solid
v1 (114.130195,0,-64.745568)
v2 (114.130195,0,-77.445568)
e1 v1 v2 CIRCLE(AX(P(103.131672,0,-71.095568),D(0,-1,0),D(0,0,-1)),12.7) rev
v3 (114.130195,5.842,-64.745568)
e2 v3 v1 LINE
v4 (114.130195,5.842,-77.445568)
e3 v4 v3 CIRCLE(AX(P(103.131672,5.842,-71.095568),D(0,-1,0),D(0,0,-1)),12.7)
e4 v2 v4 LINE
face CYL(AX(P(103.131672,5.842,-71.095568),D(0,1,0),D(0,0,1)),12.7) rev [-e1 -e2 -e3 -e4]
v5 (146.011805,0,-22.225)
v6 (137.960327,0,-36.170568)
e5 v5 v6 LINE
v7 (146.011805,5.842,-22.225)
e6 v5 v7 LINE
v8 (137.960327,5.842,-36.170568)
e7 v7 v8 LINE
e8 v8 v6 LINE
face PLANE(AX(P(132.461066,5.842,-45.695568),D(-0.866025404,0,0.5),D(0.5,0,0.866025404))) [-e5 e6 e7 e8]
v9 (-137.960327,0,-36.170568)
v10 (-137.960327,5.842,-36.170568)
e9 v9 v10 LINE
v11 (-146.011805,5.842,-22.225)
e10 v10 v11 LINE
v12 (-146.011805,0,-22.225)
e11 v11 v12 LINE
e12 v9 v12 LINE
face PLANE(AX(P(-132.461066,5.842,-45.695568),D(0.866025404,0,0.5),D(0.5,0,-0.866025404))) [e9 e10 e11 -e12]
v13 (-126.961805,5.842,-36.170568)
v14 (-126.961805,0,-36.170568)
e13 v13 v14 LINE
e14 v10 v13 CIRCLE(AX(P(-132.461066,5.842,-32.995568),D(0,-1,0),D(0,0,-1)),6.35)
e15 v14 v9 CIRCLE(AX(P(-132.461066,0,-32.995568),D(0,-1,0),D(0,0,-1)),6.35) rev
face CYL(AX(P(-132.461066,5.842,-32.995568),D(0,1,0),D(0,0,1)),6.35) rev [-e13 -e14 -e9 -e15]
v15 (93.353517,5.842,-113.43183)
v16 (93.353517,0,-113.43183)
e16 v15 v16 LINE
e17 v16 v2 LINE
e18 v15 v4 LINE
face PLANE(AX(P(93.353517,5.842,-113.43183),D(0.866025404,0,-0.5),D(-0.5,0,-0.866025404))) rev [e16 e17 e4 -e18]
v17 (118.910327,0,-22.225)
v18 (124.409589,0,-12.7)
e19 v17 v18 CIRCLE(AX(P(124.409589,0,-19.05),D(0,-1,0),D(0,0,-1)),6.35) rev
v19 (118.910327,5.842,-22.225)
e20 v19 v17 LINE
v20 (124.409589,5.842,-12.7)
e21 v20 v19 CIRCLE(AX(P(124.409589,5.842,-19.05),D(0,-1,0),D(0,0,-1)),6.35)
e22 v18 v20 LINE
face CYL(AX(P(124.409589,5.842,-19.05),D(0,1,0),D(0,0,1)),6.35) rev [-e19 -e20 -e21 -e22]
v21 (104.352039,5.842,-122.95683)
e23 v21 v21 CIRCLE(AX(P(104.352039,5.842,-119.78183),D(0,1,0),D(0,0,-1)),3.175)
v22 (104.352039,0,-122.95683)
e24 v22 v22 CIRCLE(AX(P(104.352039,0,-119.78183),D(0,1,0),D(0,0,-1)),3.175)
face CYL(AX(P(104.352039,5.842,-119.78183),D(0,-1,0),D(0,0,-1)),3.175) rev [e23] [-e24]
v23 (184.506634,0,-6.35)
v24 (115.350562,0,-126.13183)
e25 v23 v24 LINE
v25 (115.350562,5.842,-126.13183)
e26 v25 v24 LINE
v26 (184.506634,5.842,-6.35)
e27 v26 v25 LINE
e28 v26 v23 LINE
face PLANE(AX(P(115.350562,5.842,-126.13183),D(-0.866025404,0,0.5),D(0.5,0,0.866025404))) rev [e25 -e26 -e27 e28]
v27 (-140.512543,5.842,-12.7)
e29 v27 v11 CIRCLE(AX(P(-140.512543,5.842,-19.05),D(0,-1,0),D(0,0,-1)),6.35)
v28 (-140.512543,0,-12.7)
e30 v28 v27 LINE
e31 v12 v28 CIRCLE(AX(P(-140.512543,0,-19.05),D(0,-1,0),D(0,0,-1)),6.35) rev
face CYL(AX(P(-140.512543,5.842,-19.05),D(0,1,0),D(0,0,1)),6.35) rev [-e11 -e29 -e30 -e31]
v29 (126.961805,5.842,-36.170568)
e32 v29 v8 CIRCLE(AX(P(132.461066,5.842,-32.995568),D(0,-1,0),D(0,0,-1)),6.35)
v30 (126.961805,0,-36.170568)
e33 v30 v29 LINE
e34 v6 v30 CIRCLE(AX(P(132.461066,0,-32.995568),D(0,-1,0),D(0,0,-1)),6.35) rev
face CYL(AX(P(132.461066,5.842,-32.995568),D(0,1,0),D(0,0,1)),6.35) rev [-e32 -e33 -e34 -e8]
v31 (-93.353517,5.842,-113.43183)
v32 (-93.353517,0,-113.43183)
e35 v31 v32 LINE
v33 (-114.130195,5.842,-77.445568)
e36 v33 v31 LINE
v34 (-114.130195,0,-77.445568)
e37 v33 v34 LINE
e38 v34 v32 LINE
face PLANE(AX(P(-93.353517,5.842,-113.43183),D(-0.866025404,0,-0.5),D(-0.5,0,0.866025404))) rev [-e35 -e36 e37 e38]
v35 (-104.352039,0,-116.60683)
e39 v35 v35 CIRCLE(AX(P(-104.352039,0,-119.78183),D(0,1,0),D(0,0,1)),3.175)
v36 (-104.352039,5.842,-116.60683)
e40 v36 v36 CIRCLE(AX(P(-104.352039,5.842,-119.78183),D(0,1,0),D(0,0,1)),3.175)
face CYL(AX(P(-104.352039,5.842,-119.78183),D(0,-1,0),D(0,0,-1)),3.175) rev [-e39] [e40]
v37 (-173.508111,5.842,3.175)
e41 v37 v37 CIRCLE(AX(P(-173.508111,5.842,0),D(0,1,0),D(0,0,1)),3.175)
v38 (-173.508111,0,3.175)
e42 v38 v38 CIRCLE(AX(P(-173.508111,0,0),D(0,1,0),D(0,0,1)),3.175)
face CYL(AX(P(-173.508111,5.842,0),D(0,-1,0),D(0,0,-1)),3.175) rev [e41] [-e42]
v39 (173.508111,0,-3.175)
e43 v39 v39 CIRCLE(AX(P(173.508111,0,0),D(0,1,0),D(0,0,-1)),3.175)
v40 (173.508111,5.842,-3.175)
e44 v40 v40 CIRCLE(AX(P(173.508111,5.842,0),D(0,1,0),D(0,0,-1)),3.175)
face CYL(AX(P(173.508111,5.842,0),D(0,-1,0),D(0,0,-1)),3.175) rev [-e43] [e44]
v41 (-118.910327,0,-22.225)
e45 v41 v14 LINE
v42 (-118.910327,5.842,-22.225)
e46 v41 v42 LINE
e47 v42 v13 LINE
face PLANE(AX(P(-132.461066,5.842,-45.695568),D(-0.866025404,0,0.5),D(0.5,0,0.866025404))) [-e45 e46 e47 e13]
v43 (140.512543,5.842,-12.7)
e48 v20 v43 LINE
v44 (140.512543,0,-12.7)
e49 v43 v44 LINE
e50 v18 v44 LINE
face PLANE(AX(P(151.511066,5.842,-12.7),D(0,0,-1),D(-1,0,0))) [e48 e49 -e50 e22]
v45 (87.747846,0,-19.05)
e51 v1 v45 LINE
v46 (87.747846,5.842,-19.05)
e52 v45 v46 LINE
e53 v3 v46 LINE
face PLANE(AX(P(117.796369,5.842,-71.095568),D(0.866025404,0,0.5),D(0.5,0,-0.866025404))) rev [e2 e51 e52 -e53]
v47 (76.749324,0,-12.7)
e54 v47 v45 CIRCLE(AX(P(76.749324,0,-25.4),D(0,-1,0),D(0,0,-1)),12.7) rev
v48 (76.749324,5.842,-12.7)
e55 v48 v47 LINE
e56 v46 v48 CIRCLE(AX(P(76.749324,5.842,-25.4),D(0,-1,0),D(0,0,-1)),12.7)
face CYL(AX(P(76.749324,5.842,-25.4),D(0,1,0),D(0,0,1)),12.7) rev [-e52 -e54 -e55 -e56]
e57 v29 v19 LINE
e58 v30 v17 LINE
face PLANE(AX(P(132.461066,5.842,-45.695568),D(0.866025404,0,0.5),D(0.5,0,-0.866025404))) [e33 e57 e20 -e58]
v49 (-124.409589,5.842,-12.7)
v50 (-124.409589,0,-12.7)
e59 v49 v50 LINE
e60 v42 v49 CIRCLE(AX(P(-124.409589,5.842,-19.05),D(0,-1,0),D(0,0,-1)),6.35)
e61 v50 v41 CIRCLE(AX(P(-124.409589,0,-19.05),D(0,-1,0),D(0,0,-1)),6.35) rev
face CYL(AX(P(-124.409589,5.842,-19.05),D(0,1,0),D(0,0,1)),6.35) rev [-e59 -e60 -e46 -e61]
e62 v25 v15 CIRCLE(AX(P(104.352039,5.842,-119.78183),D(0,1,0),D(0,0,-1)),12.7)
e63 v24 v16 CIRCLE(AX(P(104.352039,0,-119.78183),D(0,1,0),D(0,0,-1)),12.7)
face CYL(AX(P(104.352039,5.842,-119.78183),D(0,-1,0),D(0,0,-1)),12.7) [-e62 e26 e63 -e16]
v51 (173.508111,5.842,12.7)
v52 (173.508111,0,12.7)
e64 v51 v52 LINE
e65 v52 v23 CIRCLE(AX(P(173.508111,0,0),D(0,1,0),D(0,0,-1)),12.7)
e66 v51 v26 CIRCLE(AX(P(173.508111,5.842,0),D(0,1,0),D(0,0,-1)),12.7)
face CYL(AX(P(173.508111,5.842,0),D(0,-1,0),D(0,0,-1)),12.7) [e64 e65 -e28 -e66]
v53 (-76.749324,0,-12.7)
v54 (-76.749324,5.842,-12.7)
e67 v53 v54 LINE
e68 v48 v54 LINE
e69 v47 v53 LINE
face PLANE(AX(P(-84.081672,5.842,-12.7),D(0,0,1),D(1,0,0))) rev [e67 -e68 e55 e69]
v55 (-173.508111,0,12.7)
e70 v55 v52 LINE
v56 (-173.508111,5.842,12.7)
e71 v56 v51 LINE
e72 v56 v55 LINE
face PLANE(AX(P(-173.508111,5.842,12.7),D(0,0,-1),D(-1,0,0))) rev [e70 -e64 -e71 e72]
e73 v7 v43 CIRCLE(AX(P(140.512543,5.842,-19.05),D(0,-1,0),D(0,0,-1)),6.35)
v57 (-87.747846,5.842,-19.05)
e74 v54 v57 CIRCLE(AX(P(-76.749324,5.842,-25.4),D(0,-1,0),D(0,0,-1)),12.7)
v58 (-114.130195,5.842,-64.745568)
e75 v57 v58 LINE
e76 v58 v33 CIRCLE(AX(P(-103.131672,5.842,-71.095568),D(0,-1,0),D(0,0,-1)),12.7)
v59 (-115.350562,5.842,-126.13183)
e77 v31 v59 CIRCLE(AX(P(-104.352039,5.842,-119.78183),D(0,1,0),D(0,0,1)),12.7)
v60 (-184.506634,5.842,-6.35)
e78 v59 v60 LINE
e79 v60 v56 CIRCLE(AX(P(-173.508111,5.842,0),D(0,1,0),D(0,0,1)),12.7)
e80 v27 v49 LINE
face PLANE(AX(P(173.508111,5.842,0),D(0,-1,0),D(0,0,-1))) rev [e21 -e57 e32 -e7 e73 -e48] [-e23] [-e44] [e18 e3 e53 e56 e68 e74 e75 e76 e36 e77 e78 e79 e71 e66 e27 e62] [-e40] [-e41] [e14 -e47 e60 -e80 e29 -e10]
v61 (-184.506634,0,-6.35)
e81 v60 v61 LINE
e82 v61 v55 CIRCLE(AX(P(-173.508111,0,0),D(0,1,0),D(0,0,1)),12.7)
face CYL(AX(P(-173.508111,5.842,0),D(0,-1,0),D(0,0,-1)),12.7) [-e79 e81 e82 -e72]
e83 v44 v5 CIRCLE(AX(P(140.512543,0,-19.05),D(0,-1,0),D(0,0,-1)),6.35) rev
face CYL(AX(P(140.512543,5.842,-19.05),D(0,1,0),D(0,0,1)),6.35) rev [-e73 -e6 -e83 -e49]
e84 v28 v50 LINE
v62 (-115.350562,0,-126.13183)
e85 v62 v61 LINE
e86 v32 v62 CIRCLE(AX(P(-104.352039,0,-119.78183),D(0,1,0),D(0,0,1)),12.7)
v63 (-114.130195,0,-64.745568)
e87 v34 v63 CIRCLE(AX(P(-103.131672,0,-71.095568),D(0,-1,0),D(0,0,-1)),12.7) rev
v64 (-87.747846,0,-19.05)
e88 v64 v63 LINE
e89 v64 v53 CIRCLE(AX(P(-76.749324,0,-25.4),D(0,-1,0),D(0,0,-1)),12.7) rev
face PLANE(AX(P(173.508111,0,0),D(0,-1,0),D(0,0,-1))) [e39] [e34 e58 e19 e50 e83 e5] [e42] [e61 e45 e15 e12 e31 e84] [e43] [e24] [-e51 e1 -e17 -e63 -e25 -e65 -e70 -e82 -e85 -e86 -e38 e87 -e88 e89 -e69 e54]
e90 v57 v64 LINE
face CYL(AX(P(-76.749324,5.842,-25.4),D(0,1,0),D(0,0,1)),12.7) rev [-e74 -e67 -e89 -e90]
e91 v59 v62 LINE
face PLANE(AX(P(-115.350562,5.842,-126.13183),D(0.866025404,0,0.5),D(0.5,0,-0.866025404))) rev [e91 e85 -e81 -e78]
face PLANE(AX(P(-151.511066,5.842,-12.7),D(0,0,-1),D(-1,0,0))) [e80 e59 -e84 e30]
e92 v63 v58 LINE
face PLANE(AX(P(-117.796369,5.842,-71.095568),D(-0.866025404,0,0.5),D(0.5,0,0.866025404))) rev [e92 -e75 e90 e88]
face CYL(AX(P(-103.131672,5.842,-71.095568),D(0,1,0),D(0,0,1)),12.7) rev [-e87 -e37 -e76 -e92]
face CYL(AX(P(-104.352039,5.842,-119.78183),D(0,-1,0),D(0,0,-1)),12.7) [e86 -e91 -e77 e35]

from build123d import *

# Parameters (mm, degrees)
SKETCH1_R           = 3.175
BOSS_EXTRUDE1_DEPTH = 5.842
FILLET1_R           = 6.35
FILLET2_R           = 12.7


with BuildPart() as part:
    # Sketch1 → Boss-Extrude1 (new body)
    with BuildSketch(Plane(origin=(0, 0, 0), x_dir=(1, 0, 0), z_dir=(0, 1, 0))):
        with BuildLine():
            Line((-115.350561828, 126.131830356), (-184.506633828, 6.35))
            ThreePointArc((-184.506633828, 6.35), (-184.506633828, -6.35), (-173.5081112, -12.7))
            Line((-173.5081112, -12.7), (173.5081112, -12.7))
            ThreePointArc((173.5081112, -12.7), (184.506633828, -6.35), (184.506633828, 6.35))
            Line((184.506633828, 6.35), (115.350561828, 126.131830356))
            ThreePointArc((115.350561828, 126.131830356), (98.0020392, 130.780352984), (93.353516572, 113.431830356))
            Line((93.353516572, 113.431830356), (117.796369106, 71.095567884))
            Line((117.796369106, 71.095567884), (84.081672269, 12.7))
            Line((84.081672269, 12.7), (-84.081672269, 12.7))
            Line((-84.081672269, 12.7), (-117.796369106, 71.095567884))
            Line((-117.796369106, 71.095567884), (-93.353516572, 113.431830356))
            ThreePointArc((-93.353516572, 113.431830356), (-98.0020392, 130.780352984), (-115.350561828, 126.131830356))
        make_face()
        with Locations(Location((-173.5081112, 0, 0), (0, 0, 270))):
            Circle(SKETCH1_R, mode=Mode.SUBTRACT)
        with Locations(Location((-104.3520392, 119.781830356, 0), (0, 0, 270))):
            Circle(SKETCH1_R, mode=Mode.SUBTRACT)
        with Locations(Location((104.3520392, 119.781830356, 0), (0, 0, 90))):
            Circle(SKETCH1_R, mode=Mode.SUBTRACT)
        with Locations(Location((173.5081112, 0, 0), (0, 0, 90))):
            Circle(SKETCH1_R, mode=Mode.SUBTRACT)
        Polygon((151.511065944, 12.7), (113.411065944, 12.7), (132.461065944, 45.695567884), align=None, mode=Mode.SUBTRACT)
        Polygon((-132.461065944, 45.695567884), (-113.411065944, 12.7), (-151.511065944, 12.7), align=None, mode=Mode.SUBTRACT)
    extrude(amount=BOSS_EXTRUDE1_DEPTH)

    # Fillet1
    fillet1_edges = [part.edges().sort_by_distance(p)[0] for p in [
        (151.511065944, 2.921, -12.7),
        (132.461065944, 2.921, -45.695567884),
        (113.411065944, 2.921, -12.7),
        (-132.461065944, 2.921, -45.695567884),
        (-151.511065944, 2.921, -12.7),
        (-113.411065944, 2.921, -12.7),
    ]]
    fillet(fillet1_edges, radius=FILLET1_R)

    # Fillet2
    fillet2_edges = [part.edges().sort_by_distance(p)[0] for p in [
        (-117.796369106, 2.921, -71.095567884),
        (-84.081672269, 2.921, -12.7),
        (84.081672269, 2.921, -12.7),
        (117.796369106, 2.921, -71.095567884),
    ]]
    fillet(fillet2_edges, radius=FILLET2_R)


solid = part.part
